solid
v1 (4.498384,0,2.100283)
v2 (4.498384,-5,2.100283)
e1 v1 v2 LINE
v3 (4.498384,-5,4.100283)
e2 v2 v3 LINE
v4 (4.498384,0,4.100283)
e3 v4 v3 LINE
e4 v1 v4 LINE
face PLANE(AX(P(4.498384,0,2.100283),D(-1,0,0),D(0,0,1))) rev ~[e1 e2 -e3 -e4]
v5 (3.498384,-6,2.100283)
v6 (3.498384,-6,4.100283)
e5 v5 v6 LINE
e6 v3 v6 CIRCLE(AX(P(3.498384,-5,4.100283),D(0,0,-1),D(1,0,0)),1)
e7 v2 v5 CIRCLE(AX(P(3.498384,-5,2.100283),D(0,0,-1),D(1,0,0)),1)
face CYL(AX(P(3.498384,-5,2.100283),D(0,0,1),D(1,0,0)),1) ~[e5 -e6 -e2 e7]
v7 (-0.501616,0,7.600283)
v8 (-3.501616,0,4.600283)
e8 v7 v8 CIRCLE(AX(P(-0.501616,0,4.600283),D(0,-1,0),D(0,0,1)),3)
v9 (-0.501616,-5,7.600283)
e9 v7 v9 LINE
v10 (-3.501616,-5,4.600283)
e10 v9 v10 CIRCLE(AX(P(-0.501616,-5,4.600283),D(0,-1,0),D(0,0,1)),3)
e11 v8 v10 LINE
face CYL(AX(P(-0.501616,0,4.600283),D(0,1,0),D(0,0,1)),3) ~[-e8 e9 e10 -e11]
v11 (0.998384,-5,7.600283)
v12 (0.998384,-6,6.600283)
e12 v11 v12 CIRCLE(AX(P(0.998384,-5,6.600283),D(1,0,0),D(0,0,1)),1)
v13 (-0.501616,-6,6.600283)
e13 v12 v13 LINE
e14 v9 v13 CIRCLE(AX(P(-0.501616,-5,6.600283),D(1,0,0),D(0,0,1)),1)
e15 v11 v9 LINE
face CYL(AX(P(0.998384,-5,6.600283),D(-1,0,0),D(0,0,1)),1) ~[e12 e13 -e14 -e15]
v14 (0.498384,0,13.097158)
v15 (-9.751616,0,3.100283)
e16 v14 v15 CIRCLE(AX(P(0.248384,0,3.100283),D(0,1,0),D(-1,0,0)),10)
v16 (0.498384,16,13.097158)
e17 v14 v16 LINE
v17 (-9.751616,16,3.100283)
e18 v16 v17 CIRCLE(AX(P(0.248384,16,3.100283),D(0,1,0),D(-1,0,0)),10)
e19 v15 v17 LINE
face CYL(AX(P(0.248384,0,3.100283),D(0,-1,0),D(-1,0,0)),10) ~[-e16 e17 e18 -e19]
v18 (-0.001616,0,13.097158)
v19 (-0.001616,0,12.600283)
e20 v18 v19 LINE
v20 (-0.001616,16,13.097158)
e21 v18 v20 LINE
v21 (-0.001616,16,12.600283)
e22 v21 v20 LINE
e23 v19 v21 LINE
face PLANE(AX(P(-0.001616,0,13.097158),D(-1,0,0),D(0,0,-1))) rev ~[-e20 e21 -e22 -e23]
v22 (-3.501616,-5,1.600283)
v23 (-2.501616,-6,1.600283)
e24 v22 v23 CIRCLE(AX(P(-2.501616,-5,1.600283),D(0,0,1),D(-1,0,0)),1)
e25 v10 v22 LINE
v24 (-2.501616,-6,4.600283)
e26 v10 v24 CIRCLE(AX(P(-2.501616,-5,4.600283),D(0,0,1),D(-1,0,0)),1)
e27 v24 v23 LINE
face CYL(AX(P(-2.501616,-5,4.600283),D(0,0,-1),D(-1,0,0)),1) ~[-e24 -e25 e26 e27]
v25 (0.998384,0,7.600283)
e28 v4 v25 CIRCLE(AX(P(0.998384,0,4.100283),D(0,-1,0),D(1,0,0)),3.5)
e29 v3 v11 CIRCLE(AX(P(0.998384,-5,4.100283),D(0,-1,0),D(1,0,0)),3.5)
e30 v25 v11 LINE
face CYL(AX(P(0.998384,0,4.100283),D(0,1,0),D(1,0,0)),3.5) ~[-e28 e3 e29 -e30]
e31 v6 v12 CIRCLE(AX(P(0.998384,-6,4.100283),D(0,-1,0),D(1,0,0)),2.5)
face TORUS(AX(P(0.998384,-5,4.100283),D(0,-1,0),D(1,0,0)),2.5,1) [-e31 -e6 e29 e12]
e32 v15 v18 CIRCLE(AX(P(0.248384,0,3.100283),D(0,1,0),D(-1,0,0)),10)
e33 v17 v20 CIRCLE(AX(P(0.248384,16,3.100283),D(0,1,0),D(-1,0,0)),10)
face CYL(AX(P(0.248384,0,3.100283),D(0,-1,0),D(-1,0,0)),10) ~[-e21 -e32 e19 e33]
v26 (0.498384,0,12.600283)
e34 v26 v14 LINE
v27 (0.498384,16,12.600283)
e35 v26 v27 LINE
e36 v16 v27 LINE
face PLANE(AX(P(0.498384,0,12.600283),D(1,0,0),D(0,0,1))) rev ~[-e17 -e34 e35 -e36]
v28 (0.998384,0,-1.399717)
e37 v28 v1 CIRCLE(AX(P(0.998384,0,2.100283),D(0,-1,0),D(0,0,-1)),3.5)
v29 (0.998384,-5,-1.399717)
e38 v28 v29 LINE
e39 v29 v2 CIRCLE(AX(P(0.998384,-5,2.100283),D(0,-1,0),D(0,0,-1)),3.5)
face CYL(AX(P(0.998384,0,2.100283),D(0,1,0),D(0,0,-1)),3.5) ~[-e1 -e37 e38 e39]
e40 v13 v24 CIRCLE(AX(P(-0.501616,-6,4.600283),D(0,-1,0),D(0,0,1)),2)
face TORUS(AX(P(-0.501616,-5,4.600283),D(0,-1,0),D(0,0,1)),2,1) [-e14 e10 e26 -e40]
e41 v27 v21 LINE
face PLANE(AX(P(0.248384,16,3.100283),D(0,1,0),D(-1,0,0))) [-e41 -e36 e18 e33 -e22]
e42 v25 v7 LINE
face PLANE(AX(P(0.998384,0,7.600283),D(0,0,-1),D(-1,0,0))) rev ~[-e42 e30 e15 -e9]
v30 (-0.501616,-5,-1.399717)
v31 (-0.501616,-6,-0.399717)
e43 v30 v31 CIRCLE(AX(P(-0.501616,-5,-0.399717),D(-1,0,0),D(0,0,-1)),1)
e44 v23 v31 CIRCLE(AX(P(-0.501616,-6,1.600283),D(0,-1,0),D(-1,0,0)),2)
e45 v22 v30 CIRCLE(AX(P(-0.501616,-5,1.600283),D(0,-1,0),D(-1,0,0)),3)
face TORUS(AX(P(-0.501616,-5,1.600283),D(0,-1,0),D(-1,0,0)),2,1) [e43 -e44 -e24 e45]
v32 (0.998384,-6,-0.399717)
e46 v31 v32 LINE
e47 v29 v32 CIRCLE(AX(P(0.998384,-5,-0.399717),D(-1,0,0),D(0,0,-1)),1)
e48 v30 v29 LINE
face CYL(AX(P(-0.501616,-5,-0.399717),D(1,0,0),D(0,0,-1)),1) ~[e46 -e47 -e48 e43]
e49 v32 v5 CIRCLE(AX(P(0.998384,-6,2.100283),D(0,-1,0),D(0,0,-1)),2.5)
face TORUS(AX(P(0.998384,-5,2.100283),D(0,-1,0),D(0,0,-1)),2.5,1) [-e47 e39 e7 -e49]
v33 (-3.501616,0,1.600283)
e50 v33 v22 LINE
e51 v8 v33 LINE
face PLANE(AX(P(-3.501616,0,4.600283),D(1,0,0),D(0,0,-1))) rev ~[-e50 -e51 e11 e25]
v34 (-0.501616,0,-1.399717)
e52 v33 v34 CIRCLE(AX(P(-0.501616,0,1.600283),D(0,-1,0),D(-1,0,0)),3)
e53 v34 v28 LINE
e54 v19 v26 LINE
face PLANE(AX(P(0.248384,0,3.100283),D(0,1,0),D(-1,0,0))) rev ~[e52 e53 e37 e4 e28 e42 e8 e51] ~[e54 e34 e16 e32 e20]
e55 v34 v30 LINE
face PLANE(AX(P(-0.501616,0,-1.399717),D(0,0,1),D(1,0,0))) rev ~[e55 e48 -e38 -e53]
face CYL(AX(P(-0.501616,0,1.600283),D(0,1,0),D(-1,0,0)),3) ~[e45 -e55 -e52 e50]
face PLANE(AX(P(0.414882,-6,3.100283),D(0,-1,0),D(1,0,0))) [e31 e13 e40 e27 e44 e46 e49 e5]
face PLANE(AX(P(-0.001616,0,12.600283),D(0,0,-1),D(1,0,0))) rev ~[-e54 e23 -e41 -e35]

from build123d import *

# Parameters (mm, degrees)
F1_DEPTH = 6
F2_R     = 1
F3_R     = 10
F4_DEPTH = 16
F6_DEPTH = 25


with BuildPart() as f1:
    # F0 (on Front) → F1 (new body)
    with BuildSketch(Plane.XZ):
        with BuildLine():
            Line((0.9983844832, 7.6002832444), (-0.5016155168, 7.6002832444))
            ThreePointArc((-0.5016155168, 7.6002832444), (-2.6229358604, 6.7216035879), (-3.5016155168, 4.6002832444))
            Line((-3.5016155168, 4.6002832444), (-3.5016155168, 1.6002832444))
            ThreePointArc((-3.5016155168, 1.6002832444), (-2.6229358604, -0.5210370992), (-0.5016155168, -1.3997167556))
            Line((-0.5016155168, -1.3997167556), (0.9983844832, -1.3997167556))
            ThreePointArc((0.9983844832, -1.3997167556), (3.4732582173, -0.3745904898), (4.4983844832, 2.1002832444))
            Line((4.4983844832, 2.1002832444), (4.4983844832, 4.1002832444))
            ThreePointArc((4.4983844832, 4.1002832444), (3.4732582173, 6.5751569785), (0.9983844832, 7.6002832444))
        make_face()
    extrude(amount=F1_DEPTH)

    # F2
    f2_edges = [f1.edges().sort_by_distance(p)[0] for p in [
        (3.473258, -6, 6.575157),
        (0.248384, -6, 7.600283),
        (-2.622936, -6, 6.721604),
        (-3.501616, -6, 3.100283),
        (-2.622936, -6, -0.521037),
        (0.248384, -6, -1.399717),
        (3.473258, -6, -0.37459),
        (4.498384, -6, 3.100283),
    ]]
    fillet(f2_edges, radius=F2_R)

    # F3 (on face) → F4 (join)
    with BuildSketch(Plane(origin=(0, 0, 0), x_dir=(-1, 0, 0), z_dir=(0, 1, 0))):
        with Locations((-0.2483844832, 3.1002832444)):
            Circle(F3_R)
        with BuildLine():
            Line((3.5016155168, 4.6002832444), (3.5016155168, 3.1002832444))
            Line((3.5016155168, 3.1002832444), (3.5016155168, 1.6002832444))
            ThreePointArc((3.5016155168, 1.6002832444), (2.6229358604, -0.5210370992), (0.5016155168, -1.3997167556))
            Line((0.5016155168, -1.3997167556), (-0.2483844832, -1.3997167556))
            Line((-0.2483844832, -1.3997167556), (-0.9983844832, -1.3997167556))
            ThreePointArc((-0.9983844832, -1.3997167556), (-3.4732582173, -0.3745904898), (-4.4983844832, 2.1002832444))
            Line((-4.4983844832, 2.1002832444), (-4.4983844832, 3.1002832444))
            Line((-4.4983844832, 3.1002832444), (-4.4983844832, 4.1002832444))
            ThreePointArc((-4.4983844832, 4.1002832444), (-3.4732582173, 6.5751569785), (-0.9983844832, 7.6002832444))
            Line((-0.9983844832, 7.6002832444), (-0.2483844832, 7.6002832444))
            Line((-0.2483844832, 7.6002832444), (0.5016155168, 7.6002832444))
            ThreePointArc((0.5016155168, 7.6002832444), (2.6229358604, 6.7216035879), (3.5016155168, 4.6002832444))
        make_face(mode=Mode.SUBTRACT)
        with BuildLine():
            Line((-0.2483844832, -1.3997167556), (-0.2483844832, 3.1002832444))
            Line((-0.2483844832, 3.1002832444), (-4.4983844832, 3.1002832444))
            Line((-4.4983844832, 3.1002832444), (-4.4983844832, 2.1002832444))
            ThreePointArc((-4.4983844832, 2.1002832444), (-3.4732582173, -0.3745904898), (-0.9983844832, -1.3997167556))
            Line((-0.9983844832, -1.3997167556), (-0.2483844832, -1.3997167556))
        make_face()
        with BuildLine():
            Line((-4.4983844832, 3.1002832444), (-0.2483844832, 3.1002832444))
            Line((-0.2483844832, 3.1002832444), (-0.2483844832, 7.6002832444))
            Line((-0.2483844832, 7.6002832444), (-0.9983844832, 7.6002832444))
            ThreePointArc((-0.9983844832, 7.6002832444), (-3.4732582173, 6.5751569785), (-4.4983844832, 4.1002832444))
            Line((-4.4983844832, 4.1002832444), (-4.4983844832, 3.1002832444))
        make_face()
        with BuildLine():
            Line((3.5016155168, 1.6002832444), (3.5016155168, 3.1002832444))
            Line((3.5016155168, 3.1002832444), (-0.2483844832, 3.1002832444))
            Line((-0.2483844832, 3.1002832444), (-0.2483844832, -1.3997167556))
            Line((-0.2483844832, -1.3997167556), (0.5016155168, -1.3997167556))
            ThreePointArc((0.5016155168, -1.3997167556), (2.6229358604, -0.5210370992), (3.5016155168, 1.6002832444))
        make_face()
        with BuildLine():
            Line((-0.2483844832, 3.1002832444), (3.5016155168, 3.1002832444))
            Line((3.5016155168, 3.1002832444), (3.5016155168, 4.6002832444))
            ThreePointArc((3.5016155168, 4.6002832444), (2.6229358604, 6.7216035879), (0.5016155168, 7.6002832444))
            Line((0.5016155168, 7.6002832444), (-0.2483844832, 7.6002832444))
            Line((-0.2483844832, 7.6002832444), (-0.2483844832, 3.1002832444))
        make_face()
    extrude(amount=F4_DEPTH)

    # F5 (on face) → F6 (cut)
    with BuildSketch(Plane.XZ):
        with BuildLine():
            Line((-0.0016155168, 12.6002832444), (0.2483844832, 12.6002832444))
            Line((0.2483844832, 12.6002832444), (0.2483844832, 13.1002832444))
            ThreePointArc((0.2483844832, 13.1002832444), (0.1233747149, 13.0995018417), (-0.0016155168, 13.0971577559))
            Line((-0.0016155168, 13.0971577559), (-0.0016155168, 12.6002832444))
        make_face()
        with BuildLine():
            Line((0.2483844832, 13.1002832444), (0.2483844832, 12.6002832444))
            Line((0.2483844832, 12.6002832444), (0.4983844832, 12.6002832444))
            Line((0.4983844832, 12.6002832444), (0.4983844832, 13.0971577559))
            ThreePointArc((0.4983844832, 13.0971577559), (0.3733942515, 13.0995018417), (0.2483844832, 13.1002832444))
        make_face()
    extrude(amount=-F6_DEPTH, mode=Mode.SUBTRACT)


solid = f1.part
